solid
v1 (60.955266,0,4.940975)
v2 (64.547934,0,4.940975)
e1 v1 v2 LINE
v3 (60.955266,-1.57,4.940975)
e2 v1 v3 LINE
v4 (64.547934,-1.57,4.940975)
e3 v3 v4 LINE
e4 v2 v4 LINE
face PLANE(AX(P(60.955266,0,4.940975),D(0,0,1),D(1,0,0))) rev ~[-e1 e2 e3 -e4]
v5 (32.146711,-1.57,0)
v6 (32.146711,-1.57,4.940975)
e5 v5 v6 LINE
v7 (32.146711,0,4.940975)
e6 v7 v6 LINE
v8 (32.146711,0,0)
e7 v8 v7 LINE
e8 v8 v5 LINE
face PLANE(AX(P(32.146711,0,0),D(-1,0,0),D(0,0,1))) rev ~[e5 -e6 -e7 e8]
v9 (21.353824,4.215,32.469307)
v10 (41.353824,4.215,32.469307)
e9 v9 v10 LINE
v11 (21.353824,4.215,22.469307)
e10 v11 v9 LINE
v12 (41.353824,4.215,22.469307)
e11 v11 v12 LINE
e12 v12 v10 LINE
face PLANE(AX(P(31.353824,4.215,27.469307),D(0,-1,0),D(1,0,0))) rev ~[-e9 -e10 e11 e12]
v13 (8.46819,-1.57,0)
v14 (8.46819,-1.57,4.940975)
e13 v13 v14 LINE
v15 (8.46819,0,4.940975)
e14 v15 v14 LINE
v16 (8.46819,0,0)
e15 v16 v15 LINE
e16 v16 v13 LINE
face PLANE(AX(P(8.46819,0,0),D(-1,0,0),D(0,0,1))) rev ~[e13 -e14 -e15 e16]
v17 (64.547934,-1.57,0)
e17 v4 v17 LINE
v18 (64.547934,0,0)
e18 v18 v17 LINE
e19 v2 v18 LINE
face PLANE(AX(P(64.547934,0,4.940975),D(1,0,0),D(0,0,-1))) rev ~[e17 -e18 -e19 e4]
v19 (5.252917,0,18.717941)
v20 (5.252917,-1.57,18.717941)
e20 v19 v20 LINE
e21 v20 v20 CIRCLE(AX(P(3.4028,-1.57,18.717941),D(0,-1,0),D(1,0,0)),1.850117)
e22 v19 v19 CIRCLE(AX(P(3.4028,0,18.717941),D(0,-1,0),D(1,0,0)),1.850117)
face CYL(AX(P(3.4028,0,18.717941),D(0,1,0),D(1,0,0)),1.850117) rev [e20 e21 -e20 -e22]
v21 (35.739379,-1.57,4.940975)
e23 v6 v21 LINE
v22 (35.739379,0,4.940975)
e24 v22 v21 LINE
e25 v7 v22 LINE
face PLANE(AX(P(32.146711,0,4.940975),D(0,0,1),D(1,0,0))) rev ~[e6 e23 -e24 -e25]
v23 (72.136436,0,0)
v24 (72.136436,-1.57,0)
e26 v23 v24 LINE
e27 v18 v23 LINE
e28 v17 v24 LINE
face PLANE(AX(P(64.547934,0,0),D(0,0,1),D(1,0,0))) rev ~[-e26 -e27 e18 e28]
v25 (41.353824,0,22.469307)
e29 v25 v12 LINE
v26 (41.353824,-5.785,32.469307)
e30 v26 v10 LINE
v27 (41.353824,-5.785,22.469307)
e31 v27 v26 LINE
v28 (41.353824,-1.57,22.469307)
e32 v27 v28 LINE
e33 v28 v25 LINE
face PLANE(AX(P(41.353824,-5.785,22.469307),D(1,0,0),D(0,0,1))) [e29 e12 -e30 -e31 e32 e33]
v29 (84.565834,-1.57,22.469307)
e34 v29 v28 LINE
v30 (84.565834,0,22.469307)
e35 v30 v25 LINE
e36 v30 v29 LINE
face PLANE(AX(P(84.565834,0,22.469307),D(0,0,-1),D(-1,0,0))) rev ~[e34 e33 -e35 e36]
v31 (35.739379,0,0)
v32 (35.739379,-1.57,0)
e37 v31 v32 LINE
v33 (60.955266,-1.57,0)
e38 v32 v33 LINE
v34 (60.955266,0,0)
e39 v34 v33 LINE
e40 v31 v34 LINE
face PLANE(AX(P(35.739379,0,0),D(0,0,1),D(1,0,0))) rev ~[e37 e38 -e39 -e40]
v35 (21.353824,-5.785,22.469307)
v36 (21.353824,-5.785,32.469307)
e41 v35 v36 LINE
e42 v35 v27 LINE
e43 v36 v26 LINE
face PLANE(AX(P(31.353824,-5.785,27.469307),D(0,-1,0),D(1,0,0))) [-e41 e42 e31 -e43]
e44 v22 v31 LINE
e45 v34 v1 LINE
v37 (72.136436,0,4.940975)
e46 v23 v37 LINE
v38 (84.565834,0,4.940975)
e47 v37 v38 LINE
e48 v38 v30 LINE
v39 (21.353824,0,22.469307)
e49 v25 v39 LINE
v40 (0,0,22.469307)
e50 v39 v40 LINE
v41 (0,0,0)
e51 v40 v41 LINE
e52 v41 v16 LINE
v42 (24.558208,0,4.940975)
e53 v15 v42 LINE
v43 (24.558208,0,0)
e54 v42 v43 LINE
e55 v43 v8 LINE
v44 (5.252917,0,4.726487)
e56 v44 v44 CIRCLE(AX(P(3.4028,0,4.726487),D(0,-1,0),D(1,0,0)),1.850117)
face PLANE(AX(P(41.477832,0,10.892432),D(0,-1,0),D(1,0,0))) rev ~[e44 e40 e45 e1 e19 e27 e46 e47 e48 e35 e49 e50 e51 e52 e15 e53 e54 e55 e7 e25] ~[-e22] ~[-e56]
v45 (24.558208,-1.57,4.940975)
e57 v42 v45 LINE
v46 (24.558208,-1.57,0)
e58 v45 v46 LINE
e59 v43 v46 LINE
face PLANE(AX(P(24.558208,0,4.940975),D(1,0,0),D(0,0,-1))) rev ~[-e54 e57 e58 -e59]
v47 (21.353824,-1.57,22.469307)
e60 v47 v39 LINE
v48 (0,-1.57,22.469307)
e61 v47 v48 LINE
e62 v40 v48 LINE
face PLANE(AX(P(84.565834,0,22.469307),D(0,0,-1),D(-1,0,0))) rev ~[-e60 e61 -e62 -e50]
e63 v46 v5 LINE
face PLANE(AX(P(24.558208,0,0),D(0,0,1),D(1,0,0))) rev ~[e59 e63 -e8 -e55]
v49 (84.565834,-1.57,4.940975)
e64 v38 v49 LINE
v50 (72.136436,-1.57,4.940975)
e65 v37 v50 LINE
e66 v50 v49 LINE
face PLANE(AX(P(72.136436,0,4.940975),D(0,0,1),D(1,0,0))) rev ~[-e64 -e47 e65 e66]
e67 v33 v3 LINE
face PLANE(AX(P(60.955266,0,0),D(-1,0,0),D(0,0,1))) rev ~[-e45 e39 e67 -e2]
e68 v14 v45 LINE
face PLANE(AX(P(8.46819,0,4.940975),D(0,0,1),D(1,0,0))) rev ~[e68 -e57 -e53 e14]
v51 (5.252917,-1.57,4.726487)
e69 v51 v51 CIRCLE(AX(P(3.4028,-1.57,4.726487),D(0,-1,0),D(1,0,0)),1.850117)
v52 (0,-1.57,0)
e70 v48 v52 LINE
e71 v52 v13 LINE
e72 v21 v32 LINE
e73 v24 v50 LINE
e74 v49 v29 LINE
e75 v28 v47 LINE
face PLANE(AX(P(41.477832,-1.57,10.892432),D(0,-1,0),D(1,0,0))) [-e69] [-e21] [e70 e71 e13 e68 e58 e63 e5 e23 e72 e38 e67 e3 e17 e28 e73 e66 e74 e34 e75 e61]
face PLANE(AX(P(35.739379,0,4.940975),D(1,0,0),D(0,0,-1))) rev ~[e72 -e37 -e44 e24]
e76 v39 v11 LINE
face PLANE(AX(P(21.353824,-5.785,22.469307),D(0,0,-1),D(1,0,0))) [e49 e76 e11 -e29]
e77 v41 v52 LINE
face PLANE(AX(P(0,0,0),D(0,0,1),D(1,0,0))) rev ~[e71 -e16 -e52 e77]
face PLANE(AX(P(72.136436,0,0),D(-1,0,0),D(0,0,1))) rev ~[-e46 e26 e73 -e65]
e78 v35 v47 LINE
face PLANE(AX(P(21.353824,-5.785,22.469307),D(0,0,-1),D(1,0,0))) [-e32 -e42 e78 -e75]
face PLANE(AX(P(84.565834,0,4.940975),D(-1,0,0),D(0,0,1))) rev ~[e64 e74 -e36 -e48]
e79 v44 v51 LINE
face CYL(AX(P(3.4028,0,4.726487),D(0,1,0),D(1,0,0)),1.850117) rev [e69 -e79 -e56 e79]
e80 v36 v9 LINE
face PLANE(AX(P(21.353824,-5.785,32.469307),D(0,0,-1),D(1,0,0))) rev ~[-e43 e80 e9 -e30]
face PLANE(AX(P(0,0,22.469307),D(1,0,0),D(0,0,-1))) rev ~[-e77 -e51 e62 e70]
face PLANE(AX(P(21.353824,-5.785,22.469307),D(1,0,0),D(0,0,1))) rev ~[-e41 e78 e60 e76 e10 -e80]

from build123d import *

# Parameters (mm, degrees)
SKETCH_R     = 1.850117
PAD_DEPTH    = 1.57
SKETCH001_W  = 20
SKETCH001_H  = 10
PAD001_DEPTH = 10


with BuildPart() as part:
    # Sketch → Pad (new body)
    with BuildSketch(Plane.XZ):
        Polygon((0, 0), (8.46819, 0), (8.46819, 4.940975), (24.558208, 4.940975), (24.558208, 0), (32.146711, 0), (32.146711, 4.940975), (35.739379, 4.940975), (35.739379, 0), (60.955266, 0), (60.955266, 4.940975), (64.547934, 4.940975), (64.547934, 0), (72.136436, 0), (72.136436, 4.940975), (84.565834, 4.940975), (84.565834, 22.469307), (0, 22.469307), align=None)
        with Locations((3.4028, 4.726487)):
            Circle(SKETCH_R, mode=Mode.SUBTRACT)
        with Locations((3.4028, 18.717941)):
            Circle(SKETCH_R, mode=Mode.SUBTRACT)
    extrude(amount=PAD_DEPTH)

    # Sketch001 (on Face22 of Pad) → Pad001 (join)
    with BuildSketch(Plane.XZ.offset(5.785)):
        with Locations((31.353824, 27.469307)):
            Rectangle(SKETCH001_W, SKETCH001_H)
    extrude(amount=-PAD001_DEPTH)


solid = part.part
